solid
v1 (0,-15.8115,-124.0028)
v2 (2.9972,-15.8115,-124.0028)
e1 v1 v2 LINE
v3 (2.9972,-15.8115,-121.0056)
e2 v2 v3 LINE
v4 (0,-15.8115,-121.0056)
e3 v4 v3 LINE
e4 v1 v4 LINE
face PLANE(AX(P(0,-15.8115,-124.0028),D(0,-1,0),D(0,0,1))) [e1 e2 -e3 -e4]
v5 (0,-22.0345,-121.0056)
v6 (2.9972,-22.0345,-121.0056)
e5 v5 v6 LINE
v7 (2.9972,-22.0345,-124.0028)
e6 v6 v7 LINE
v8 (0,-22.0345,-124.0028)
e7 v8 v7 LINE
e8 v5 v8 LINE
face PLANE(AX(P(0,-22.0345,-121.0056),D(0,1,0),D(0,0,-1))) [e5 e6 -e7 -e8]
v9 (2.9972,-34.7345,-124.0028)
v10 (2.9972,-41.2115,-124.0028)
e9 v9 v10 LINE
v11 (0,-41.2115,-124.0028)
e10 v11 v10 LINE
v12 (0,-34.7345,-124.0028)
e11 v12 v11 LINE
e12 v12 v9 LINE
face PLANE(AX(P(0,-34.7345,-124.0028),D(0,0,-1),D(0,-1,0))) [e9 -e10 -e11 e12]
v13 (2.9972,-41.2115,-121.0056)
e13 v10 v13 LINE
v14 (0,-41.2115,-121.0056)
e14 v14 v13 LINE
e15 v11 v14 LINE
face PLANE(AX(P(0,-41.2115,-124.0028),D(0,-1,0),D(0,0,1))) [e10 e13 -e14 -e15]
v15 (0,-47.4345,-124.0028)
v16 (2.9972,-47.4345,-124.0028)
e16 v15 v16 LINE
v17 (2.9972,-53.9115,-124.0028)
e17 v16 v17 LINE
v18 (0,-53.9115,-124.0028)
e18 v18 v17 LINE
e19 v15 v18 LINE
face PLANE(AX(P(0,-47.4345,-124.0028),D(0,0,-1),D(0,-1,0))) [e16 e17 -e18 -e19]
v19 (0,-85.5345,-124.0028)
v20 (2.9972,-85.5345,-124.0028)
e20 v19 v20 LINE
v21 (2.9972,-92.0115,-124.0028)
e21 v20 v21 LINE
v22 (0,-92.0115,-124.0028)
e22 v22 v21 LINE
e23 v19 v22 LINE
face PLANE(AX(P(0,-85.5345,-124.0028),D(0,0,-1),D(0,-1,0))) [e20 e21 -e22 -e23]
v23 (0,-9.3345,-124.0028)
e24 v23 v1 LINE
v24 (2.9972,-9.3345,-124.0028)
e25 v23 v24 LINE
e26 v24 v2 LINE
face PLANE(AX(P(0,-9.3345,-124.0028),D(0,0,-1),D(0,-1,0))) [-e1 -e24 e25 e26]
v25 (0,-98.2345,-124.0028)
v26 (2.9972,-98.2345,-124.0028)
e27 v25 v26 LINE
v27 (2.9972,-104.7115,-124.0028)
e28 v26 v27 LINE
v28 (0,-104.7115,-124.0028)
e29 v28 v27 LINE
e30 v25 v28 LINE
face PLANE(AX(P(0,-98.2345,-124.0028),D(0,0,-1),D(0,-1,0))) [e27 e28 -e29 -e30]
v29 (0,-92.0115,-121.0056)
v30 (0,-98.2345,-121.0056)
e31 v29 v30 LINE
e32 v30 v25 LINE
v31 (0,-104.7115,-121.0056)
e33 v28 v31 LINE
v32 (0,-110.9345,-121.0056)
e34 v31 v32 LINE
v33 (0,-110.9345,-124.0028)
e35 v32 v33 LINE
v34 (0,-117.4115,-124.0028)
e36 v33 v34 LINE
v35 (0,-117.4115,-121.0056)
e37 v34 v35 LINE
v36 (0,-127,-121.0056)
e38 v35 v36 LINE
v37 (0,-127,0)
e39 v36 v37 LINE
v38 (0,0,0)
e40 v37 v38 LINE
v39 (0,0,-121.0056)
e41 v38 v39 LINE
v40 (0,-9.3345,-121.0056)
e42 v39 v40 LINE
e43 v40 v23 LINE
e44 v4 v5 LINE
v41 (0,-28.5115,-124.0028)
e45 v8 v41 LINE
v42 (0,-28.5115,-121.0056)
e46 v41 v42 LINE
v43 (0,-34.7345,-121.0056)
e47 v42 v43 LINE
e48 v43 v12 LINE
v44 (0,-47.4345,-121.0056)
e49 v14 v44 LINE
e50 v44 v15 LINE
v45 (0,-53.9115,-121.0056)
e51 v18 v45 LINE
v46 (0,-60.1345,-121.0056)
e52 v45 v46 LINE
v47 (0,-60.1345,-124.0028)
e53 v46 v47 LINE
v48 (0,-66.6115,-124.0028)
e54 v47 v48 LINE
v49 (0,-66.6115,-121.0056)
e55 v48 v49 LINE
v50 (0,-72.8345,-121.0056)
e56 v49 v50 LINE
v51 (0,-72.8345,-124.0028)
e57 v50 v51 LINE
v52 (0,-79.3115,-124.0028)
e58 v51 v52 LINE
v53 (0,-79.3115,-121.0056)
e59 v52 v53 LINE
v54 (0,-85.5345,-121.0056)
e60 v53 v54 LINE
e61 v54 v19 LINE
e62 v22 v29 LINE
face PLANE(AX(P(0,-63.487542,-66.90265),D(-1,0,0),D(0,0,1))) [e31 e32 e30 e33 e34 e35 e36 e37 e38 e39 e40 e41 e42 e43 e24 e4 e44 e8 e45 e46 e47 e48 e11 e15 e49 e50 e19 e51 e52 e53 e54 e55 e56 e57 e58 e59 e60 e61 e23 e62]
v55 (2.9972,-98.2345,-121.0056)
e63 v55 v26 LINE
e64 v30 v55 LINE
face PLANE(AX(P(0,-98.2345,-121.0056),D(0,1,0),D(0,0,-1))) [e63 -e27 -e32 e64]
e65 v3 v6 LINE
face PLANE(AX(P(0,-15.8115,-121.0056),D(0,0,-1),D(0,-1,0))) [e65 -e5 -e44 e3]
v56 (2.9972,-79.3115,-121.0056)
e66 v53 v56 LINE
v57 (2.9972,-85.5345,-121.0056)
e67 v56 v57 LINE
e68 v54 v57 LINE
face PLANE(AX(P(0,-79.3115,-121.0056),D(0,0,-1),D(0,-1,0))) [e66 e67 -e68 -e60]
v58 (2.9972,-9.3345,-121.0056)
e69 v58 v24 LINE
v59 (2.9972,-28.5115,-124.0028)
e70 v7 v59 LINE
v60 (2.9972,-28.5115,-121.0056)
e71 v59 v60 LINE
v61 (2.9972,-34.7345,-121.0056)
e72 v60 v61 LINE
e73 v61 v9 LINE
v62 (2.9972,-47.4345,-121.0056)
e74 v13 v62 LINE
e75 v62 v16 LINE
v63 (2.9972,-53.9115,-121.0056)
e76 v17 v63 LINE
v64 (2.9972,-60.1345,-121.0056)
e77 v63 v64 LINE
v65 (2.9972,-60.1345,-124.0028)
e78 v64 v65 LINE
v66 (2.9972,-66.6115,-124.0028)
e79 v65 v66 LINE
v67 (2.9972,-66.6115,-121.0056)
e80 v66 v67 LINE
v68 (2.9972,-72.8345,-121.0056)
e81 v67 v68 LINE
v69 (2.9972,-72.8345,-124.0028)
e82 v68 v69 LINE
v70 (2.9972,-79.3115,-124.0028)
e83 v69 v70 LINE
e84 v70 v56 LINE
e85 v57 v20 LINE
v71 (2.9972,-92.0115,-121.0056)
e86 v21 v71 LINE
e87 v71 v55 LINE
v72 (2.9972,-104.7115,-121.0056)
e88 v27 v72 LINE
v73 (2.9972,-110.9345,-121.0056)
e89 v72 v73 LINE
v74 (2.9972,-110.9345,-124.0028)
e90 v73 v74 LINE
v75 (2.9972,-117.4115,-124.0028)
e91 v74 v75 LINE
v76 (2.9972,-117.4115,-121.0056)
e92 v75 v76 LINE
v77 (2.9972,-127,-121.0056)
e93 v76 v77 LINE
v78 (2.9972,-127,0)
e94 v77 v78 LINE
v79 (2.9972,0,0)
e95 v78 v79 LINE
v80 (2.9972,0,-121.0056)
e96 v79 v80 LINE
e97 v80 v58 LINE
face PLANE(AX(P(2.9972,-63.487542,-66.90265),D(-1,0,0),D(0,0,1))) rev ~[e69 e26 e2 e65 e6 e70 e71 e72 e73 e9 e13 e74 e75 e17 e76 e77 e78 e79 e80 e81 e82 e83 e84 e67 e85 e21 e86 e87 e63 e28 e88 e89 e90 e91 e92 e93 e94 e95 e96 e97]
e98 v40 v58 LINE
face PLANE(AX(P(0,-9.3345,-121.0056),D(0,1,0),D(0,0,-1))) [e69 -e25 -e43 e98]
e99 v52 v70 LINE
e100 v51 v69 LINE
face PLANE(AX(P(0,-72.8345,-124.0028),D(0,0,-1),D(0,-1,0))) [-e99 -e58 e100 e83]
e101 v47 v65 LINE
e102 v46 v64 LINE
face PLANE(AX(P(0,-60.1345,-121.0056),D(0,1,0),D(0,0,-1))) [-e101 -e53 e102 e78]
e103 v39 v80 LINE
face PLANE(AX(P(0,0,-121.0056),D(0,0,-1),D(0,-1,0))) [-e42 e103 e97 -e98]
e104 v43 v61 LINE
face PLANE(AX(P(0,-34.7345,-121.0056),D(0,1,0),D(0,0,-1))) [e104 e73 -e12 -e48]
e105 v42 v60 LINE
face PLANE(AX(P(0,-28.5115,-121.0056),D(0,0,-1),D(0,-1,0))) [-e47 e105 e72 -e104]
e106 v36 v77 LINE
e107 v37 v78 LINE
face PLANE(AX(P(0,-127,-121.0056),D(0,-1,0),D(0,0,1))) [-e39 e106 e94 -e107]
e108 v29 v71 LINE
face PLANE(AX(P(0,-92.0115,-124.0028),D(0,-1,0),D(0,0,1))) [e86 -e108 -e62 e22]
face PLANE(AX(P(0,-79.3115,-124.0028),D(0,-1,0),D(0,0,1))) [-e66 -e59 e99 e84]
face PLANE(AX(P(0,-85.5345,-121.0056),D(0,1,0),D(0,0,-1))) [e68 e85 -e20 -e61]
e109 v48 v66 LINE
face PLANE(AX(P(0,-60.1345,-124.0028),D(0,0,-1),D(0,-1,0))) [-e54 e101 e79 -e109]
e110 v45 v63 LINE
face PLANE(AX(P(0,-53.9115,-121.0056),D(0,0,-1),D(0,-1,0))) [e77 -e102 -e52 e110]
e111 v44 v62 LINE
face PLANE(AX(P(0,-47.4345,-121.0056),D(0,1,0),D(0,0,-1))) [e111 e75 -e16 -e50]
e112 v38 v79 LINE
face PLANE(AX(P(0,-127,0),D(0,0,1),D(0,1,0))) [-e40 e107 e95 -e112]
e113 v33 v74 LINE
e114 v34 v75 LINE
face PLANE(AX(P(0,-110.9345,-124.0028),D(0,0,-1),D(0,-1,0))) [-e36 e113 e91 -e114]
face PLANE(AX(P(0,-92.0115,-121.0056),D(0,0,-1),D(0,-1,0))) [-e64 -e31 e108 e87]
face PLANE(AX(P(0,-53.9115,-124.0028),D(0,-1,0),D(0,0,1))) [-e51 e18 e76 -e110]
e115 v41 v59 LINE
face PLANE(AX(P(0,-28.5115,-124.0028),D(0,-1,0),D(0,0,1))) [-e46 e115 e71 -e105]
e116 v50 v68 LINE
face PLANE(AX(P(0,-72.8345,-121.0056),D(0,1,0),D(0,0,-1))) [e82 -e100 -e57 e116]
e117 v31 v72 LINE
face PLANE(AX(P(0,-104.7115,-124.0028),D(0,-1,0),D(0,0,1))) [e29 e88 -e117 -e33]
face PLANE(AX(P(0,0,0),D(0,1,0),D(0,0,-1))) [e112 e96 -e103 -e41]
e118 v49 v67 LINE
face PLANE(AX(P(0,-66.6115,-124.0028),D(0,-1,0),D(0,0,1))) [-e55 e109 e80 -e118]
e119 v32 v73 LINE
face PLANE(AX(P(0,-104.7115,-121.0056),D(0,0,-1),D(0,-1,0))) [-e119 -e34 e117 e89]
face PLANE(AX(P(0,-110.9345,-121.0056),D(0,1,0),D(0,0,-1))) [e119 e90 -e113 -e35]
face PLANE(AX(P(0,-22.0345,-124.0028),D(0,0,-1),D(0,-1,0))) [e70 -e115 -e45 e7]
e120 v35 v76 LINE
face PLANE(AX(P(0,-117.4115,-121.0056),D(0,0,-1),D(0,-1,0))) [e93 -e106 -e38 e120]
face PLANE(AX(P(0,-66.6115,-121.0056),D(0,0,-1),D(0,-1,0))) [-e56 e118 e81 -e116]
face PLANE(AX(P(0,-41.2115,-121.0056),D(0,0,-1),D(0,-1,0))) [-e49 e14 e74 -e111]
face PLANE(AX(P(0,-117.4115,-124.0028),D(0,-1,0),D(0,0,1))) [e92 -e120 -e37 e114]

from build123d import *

# Parameters (mm, degrees)
BOSS_EXTRUDE1_DEPTH = 2.9972


with BuildPart() as part:
    # Sketch1 → Boss-Extrude1 (new body)
    with BuildSketch(Plane(origin=(0, 0, 0), x_dir=(0, 0, -1), z_dir=(1, 0, 0))):
        Polygon((121.0056, 0), (121.0056, -9.3345), (124.0028, -9.3345), (124.0028, -15.8115), (121.0056, -15.8115), (121.0056, -22.0345), (124.0028, -22.0345), (124.0028, -28.5115), (121.0056, -28.5115), (121.0056, -34.7345), (124.0028, -34.7345), (124.0028, -41.2115), (121.0056, -41.2115), (121.0056, -47.4345), (124.0028, -47.4345), (124.0028, -53.9115), (121.0056, -53.9115), (121.0056, -60.1345), (124.0028, -60.1345), (124.0028, -66.6115), (121.0056, -66.6115), (121.0056, -72.8345), (124.0028, -72.8345), (124.0028, -79.3115), (121.0056, -79.3115), (121.0056, -85.5345), (124.0028, -85.5345), (124.0028, -92.0115), (121.0056, -92.0115), (121.0056, -98.2345), (124.0028, -98.2345), (124.0028, -104.7115), (121.0056, -104.7115), (121.0056, -110.9345), (124.0028, -110.9345), (124.0028, -117.4115), (121.0056, -117.4115), (121.0056, -127), (0, -127), (0, 0), align=None)
    extrude(amount=BOSS_EXTRUDE1_DEPTH)


solid = part.part
